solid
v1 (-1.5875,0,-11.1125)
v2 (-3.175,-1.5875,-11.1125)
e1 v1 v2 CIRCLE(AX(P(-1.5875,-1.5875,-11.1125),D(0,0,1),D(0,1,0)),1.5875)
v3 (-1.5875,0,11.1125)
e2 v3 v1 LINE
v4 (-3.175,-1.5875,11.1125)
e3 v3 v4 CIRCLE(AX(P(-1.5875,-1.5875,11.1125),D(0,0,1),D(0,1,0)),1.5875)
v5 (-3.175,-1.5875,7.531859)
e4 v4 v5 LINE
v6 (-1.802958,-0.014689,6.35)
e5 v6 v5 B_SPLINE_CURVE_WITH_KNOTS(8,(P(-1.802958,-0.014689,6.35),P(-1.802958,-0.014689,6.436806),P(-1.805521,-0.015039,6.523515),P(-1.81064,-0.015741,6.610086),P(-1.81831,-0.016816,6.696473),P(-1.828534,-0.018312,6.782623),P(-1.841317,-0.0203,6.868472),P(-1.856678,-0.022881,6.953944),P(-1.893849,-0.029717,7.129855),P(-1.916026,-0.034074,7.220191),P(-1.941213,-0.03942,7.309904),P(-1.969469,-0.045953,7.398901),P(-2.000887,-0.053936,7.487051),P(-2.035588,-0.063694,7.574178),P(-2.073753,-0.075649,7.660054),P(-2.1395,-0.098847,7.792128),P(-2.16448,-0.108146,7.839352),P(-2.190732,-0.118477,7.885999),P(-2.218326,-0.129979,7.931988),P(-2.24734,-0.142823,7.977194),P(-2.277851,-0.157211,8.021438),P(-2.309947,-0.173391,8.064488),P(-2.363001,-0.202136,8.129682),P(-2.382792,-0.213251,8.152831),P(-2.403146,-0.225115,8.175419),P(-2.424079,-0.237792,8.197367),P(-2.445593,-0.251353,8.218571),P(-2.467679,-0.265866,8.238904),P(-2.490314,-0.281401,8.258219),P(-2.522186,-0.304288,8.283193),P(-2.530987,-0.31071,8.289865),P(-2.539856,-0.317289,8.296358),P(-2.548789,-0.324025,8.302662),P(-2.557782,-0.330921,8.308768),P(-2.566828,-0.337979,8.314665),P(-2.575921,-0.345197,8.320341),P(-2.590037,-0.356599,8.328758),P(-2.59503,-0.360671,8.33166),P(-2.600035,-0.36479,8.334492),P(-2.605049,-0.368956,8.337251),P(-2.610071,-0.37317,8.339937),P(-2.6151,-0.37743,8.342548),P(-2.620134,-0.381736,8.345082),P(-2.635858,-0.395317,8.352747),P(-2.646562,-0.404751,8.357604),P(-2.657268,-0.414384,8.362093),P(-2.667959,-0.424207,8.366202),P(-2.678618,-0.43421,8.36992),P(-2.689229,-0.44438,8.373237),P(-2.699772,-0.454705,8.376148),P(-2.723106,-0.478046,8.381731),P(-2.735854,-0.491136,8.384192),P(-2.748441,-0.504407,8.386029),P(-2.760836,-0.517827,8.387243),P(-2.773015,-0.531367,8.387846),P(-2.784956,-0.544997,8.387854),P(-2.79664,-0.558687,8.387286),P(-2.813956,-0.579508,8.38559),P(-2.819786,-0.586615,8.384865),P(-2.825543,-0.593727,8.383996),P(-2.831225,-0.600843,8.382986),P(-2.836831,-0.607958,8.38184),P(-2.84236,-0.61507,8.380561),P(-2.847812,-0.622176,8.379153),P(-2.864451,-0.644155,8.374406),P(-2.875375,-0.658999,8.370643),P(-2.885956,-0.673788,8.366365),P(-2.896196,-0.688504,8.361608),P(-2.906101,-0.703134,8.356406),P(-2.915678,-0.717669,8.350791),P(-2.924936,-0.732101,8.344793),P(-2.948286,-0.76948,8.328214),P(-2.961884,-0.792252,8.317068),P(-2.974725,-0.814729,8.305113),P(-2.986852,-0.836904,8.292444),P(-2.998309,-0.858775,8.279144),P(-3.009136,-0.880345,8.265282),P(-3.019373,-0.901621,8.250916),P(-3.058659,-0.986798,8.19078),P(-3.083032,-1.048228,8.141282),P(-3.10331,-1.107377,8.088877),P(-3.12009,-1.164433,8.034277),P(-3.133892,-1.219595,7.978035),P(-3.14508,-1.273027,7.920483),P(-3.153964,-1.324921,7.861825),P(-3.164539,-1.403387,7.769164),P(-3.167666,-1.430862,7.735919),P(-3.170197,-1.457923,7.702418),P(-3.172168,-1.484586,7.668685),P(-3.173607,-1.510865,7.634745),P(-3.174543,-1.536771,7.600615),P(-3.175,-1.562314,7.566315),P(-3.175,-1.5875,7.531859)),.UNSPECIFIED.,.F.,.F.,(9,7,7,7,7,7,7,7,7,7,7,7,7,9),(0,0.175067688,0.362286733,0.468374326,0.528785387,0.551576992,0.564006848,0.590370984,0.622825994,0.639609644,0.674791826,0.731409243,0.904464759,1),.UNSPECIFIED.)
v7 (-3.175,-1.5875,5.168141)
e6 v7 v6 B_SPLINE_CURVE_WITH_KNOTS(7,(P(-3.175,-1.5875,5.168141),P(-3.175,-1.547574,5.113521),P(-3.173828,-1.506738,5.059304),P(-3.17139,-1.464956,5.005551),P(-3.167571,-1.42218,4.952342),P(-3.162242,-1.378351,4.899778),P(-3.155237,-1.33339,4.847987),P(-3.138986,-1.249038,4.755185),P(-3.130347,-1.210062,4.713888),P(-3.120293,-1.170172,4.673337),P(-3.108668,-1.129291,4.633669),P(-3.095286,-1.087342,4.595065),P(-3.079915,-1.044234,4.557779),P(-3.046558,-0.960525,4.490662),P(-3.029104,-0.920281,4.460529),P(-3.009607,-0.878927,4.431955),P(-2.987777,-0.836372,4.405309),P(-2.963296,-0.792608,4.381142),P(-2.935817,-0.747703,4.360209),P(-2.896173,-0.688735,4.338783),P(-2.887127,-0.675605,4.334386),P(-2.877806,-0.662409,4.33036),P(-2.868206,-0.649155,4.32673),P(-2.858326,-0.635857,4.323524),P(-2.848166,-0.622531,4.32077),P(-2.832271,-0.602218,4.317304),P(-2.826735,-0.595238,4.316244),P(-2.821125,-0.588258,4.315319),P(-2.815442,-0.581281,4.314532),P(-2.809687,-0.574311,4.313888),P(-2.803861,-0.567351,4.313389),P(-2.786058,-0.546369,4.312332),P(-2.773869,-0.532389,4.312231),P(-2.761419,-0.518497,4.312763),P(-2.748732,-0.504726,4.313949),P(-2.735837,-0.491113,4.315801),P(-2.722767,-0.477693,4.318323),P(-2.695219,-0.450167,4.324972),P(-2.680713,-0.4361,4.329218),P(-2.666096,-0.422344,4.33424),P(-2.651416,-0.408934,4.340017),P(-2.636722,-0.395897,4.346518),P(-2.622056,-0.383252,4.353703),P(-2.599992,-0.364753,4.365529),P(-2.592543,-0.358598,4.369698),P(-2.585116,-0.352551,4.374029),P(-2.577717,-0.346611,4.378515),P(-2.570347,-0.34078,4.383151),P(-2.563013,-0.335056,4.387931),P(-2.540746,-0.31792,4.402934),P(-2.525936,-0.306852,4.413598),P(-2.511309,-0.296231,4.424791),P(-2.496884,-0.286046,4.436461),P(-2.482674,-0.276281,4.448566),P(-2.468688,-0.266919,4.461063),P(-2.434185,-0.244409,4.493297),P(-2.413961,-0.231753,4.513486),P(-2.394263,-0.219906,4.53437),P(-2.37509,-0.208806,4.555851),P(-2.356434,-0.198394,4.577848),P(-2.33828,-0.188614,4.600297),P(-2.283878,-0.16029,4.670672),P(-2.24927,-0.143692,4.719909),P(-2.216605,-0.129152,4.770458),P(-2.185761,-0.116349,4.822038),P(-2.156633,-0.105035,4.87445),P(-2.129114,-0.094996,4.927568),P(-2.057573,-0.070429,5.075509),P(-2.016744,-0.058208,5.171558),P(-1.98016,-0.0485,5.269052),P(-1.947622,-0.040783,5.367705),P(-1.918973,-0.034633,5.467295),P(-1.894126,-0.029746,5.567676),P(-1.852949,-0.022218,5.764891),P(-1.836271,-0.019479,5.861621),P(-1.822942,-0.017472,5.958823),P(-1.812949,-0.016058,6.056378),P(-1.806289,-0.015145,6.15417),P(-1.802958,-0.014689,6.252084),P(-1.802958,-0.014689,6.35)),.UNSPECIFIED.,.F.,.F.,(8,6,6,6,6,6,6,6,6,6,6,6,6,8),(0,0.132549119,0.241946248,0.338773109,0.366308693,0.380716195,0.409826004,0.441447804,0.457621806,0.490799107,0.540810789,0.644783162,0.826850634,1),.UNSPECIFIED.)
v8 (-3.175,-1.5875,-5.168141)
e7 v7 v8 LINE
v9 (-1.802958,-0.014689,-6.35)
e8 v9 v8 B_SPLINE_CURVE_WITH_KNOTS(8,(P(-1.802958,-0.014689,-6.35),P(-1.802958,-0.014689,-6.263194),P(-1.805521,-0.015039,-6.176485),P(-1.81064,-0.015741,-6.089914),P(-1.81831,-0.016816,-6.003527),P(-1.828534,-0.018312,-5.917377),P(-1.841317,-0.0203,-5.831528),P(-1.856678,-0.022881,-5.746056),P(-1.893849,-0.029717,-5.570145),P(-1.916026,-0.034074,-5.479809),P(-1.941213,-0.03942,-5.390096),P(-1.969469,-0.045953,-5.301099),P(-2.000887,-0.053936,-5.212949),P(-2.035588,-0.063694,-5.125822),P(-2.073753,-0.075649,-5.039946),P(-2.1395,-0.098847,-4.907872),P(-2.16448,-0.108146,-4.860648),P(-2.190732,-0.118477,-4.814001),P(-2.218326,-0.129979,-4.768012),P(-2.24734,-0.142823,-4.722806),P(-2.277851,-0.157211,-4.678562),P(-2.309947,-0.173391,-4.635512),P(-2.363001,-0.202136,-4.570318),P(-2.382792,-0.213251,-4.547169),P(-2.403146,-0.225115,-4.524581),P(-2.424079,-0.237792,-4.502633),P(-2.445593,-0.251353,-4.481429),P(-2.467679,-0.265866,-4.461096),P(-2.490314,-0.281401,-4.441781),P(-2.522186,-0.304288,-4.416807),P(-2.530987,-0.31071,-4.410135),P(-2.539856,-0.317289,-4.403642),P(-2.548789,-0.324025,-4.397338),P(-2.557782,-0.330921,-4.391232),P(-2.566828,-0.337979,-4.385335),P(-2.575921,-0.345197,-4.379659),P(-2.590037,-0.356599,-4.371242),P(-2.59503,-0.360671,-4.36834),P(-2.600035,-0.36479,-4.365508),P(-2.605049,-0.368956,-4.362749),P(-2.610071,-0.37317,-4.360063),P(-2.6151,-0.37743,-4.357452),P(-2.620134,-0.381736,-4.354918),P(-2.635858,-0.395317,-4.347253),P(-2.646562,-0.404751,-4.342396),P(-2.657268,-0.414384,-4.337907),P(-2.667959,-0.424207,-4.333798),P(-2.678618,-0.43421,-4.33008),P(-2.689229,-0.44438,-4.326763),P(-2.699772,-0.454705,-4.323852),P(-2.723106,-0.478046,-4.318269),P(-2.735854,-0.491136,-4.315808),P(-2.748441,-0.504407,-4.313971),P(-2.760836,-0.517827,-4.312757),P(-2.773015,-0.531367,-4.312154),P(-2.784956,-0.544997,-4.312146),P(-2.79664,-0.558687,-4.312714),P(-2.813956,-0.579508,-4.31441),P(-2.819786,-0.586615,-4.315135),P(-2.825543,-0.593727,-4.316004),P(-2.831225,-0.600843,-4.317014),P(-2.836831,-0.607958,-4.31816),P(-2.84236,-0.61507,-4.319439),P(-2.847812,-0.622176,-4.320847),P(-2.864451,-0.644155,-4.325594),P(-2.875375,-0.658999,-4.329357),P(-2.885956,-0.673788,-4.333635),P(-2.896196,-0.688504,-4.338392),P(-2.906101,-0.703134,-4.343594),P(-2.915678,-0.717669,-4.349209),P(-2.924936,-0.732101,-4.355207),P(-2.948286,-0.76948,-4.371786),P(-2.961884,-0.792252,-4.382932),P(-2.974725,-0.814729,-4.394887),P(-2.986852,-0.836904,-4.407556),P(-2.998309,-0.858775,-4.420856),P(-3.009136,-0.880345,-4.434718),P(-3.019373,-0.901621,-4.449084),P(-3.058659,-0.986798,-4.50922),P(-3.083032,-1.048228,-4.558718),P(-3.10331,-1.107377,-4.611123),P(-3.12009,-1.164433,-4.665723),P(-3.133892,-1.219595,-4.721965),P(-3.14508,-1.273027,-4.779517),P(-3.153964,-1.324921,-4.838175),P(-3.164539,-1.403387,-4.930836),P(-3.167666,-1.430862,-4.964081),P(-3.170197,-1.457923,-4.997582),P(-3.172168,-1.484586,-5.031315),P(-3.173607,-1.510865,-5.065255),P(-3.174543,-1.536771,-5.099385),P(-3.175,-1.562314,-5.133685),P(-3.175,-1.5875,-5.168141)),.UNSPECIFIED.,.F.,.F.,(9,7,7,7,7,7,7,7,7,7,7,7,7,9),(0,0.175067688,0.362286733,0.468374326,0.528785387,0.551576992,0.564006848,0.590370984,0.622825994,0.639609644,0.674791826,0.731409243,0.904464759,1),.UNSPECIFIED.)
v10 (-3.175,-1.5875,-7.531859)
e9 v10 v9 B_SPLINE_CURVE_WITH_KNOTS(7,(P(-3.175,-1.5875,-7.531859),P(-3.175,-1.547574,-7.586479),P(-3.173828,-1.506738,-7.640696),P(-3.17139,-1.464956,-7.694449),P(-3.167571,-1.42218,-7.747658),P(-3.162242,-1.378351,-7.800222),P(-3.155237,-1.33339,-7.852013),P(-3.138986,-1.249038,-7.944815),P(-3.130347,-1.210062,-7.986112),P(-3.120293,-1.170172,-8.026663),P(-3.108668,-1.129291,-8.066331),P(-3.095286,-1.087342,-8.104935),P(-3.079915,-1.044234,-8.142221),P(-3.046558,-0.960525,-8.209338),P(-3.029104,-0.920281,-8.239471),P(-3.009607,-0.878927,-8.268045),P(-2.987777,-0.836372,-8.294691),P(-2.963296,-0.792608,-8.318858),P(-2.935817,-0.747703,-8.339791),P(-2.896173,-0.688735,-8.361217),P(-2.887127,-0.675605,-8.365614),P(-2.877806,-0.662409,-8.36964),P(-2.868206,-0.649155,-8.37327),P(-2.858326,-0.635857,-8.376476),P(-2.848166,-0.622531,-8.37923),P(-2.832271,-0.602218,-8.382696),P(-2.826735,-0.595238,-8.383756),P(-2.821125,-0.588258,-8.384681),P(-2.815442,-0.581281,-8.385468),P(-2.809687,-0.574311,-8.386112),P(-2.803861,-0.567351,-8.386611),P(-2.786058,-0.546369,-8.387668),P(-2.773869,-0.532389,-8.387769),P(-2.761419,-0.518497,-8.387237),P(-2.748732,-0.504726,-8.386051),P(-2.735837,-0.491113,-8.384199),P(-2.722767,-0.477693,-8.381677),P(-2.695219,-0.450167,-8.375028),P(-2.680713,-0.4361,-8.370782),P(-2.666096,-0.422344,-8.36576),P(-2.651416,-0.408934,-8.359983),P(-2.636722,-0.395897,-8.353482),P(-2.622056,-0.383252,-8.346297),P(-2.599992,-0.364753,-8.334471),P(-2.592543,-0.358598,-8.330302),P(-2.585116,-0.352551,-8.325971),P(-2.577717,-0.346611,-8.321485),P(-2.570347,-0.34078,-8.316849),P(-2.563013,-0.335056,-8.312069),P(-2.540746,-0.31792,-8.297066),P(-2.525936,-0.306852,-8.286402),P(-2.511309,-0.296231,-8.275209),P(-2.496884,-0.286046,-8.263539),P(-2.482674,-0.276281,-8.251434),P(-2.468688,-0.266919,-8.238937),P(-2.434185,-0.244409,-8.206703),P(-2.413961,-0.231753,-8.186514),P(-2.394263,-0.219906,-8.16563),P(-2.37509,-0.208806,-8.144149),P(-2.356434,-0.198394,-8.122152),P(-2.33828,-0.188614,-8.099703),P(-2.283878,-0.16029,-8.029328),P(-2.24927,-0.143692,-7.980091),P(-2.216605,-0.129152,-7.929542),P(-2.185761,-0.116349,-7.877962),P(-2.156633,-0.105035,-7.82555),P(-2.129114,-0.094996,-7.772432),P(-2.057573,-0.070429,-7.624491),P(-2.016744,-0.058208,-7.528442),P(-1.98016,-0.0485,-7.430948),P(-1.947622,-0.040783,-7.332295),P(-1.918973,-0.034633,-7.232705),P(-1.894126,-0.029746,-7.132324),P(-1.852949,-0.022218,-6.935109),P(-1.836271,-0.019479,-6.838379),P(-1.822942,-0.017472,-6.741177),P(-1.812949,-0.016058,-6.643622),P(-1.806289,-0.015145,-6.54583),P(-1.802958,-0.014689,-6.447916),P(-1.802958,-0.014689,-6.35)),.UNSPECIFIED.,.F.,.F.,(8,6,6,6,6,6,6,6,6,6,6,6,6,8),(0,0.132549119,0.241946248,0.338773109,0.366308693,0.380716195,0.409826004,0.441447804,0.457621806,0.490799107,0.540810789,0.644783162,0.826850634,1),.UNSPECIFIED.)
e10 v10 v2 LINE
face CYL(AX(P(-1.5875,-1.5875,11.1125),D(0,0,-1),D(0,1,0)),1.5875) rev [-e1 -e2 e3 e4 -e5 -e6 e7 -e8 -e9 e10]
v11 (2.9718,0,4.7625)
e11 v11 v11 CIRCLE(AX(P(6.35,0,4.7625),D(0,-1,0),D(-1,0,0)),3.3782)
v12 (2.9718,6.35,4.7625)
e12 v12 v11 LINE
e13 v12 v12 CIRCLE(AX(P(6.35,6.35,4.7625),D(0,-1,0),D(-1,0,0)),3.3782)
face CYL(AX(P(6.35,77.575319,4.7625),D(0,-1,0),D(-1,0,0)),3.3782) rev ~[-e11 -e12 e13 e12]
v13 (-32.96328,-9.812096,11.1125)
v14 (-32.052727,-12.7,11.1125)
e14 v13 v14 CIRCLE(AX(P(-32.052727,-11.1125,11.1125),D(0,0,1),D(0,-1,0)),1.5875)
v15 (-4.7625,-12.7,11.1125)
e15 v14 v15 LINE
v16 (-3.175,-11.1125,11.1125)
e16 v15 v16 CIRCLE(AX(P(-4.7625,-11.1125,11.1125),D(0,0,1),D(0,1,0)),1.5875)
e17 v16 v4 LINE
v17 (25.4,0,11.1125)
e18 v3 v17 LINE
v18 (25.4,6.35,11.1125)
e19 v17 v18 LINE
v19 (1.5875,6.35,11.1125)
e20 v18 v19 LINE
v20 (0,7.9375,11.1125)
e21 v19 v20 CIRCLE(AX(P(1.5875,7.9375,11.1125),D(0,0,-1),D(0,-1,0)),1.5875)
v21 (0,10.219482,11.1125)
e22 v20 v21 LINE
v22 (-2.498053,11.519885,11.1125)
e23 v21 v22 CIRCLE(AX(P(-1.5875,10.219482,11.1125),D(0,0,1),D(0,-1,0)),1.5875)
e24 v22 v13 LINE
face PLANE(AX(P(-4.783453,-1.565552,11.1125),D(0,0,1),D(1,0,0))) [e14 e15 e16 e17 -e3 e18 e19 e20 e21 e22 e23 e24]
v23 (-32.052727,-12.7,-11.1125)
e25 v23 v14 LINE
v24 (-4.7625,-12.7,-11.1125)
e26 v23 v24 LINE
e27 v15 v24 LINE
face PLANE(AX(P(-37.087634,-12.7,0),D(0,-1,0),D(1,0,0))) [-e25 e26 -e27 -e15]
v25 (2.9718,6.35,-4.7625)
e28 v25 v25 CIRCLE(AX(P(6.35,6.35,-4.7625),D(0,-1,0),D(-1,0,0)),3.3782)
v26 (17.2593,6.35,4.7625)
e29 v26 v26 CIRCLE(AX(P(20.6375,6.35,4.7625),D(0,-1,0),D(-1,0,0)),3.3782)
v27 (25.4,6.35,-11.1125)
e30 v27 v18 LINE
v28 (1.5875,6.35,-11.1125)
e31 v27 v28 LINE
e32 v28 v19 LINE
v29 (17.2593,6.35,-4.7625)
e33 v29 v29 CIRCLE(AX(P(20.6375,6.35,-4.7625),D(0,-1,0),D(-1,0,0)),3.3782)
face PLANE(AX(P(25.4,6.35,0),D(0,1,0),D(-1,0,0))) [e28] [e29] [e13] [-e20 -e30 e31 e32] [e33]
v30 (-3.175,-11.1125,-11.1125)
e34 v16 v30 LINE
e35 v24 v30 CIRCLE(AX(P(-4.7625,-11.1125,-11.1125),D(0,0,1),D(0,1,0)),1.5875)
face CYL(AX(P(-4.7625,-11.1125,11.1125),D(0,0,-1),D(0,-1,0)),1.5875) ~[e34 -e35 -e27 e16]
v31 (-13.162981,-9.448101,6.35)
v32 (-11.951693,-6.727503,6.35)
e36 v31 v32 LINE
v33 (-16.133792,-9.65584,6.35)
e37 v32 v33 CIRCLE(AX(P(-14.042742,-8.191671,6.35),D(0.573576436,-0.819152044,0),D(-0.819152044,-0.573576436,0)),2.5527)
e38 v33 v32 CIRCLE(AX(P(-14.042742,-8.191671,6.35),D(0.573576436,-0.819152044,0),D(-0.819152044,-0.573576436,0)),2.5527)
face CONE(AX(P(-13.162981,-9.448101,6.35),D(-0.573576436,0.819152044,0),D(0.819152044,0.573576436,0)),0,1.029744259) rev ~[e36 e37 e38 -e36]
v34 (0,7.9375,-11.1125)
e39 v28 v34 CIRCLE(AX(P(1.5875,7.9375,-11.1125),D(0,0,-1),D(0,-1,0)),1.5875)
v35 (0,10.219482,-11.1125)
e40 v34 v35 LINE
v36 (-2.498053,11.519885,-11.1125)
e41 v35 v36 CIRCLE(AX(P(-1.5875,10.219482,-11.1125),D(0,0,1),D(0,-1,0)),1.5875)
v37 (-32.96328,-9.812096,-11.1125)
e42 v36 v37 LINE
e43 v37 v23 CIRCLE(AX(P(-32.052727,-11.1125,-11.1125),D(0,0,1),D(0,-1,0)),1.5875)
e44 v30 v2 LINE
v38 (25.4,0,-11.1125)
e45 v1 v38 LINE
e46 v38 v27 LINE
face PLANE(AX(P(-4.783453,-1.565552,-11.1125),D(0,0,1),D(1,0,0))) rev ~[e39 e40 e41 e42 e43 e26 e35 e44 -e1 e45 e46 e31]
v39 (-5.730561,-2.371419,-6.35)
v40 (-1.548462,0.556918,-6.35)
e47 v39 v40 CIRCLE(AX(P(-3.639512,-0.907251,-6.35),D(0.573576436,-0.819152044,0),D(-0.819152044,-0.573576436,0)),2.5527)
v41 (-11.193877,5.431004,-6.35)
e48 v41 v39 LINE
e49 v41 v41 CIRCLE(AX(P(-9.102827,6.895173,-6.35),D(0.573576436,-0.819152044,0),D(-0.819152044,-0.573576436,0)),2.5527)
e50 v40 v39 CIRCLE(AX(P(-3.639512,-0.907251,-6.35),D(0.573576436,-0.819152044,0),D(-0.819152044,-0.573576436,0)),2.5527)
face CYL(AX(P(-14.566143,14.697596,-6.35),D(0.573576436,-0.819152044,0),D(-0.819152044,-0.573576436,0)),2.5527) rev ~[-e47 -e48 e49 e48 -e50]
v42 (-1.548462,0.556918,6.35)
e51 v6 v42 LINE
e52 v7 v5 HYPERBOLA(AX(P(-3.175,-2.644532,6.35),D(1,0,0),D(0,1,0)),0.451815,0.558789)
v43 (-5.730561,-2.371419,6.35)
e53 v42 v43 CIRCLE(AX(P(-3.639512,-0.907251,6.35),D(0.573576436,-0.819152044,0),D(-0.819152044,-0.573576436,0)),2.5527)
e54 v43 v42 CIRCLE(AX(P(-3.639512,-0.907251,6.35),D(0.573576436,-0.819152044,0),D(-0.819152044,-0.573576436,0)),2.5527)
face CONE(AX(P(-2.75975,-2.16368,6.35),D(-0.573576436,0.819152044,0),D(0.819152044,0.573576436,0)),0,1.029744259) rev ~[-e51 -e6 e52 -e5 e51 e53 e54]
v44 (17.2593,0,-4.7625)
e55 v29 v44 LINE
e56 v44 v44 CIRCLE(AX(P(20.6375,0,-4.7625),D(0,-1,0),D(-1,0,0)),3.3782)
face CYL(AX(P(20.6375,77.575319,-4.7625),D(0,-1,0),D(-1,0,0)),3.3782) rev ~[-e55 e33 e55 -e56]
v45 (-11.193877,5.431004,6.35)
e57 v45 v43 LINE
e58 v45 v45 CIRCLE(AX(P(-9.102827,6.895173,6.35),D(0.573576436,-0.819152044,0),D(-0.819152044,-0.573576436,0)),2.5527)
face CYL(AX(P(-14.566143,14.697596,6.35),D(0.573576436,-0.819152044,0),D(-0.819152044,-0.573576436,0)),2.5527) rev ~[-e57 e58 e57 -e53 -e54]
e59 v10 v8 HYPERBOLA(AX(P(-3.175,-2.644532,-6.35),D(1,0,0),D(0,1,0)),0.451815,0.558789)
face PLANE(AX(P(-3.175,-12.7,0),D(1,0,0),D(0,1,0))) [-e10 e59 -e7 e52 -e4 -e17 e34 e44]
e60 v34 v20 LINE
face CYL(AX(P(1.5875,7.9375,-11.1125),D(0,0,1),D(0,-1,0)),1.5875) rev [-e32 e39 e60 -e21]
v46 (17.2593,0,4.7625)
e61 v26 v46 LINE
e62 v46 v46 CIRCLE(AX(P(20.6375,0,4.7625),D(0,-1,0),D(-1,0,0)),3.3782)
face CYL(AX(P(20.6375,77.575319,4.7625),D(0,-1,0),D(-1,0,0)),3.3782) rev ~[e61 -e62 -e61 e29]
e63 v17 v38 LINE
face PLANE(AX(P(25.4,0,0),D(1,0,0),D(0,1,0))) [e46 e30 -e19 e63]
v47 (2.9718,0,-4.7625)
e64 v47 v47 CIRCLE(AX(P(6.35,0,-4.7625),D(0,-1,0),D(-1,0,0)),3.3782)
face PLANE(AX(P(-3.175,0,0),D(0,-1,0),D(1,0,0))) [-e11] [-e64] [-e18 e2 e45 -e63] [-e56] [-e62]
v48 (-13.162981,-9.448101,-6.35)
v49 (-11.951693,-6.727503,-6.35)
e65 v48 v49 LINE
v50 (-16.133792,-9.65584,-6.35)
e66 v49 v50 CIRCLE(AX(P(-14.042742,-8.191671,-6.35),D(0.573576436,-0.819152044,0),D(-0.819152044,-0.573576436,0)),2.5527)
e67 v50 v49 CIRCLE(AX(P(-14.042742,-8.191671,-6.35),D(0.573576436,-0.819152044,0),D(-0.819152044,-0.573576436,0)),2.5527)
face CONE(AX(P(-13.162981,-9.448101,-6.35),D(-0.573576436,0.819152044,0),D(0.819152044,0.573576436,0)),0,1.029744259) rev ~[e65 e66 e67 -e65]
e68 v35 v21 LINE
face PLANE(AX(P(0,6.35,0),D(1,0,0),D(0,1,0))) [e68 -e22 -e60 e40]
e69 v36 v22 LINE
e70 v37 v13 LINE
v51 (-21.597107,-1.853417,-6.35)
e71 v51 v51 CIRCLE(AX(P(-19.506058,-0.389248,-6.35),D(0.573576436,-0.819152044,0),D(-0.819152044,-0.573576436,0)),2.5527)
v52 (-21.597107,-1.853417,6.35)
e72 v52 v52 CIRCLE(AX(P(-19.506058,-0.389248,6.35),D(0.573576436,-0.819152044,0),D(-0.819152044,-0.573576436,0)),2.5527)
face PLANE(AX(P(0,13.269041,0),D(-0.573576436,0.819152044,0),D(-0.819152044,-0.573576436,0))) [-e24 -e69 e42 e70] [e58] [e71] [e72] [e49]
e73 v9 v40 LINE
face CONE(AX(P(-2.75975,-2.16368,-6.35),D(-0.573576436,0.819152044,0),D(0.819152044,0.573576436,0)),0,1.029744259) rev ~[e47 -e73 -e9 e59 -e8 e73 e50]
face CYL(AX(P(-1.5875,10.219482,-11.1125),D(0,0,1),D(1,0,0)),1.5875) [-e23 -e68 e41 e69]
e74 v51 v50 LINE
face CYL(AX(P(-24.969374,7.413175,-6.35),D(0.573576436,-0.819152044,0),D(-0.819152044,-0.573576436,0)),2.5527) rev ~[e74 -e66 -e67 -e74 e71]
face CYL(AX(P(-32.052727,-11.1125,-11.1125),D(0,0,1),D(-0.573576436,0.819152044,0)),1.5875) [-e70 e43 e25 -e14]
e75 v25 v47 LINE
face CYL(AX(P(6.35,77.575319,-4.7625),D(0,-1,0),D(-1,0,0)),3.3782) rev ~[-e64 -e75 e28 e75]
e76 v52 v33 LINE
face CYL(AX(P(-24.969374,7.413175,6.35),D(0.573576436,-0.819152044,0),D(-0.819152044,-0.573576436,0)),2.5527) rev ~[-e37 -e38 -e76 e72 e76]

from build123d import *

# Parameters (mm, degrees)
BOSS_EXTRUDE1_DEPTH             = 11.1125
F_1_4_CLEARANCE_HOLE1_D         = 6.7564
FILLET1_R                       = 1.5875
TAP_DRILL_FOR_1_4_20_TAP1_D     = 5.1054
TAP_DRILL_FOR_1_4_20_TAP1_DEPTH = 9.525
TAP_DRILL_FOR_1_4_20_TAP1_TIP   = 1.533816902


with BuildPart() as part:
    # Sketch1 → Boss-Extrude1 (new, symmetric)
    with BuildSketch(Plane.XY):
        Polygon((0, 0), (25.4, 0), (25.4, 6.35), (0, 6.35), (0, 13.269040681), (-37.087633685, -12.7), (-3.175, -12.7), (-3.175, 0), align=None)
    extrude(amount=BOSS_EXTRUDE1_DEPTH, both=True)

    # 1/4 Clearance Hole1 (through all)
    with Locations(Plane(origin=(0, 6.35, 0), x_dir=(1, 0, 0), z_dir=(0, 1, 0))):
        with Locations((6.35, 4.7625), (20.6375, 4.7625), (6.35, -4.7625), (20.6375, -4.7625)):
            Hole(F_1_4_CLEARANCE_HOLE1_D / 2)

    # Fillet1
    fillet1_edges = [part.edges().sort_by_distance(p)[0] for p in [
        (-3.175, 0, 0),
        (-3.175, -12.7, 0),
        (-37.087633685, -12.7, 0),
        (0, 13.269040681, 0),
        (0, 6.35, 0),
    ]]
    fillet(fillet1_edges, radius=FILLET1_R)

    # Tap Drill for 1/4-20 Tap1
    with Locations(Plane(origin=(-6.234409806, 8.903659938, 0), x_dir=(0.8191520442889947, 0.5735764363510422, 0), z_dir=(-0.573576436351042, 0.8191520442889946, 0))):
        with Locations((-16.201690933, 6.35), (-3.501690933, 6.35), (-3.501690933, -6.35), (-16.201690933, -6.35)):
            Hole(TAP_DRILL_FOR_1_4_20_TAP1_D / 2, depth=TAP_DRILL_FOR_1_4_20_TAP1_DEPTH)
            with Locations((0, 0, -(TAP_DRILL_FOR_1_4_20_TAP1_DEPTH + TAP_DRILL_FOR_1_4_20_TAP1_TIP / 2))):  # 118° drill point
                Cone(0, TAP_DRILL_FOR_1_4_20_TAP1_D / 2, TAP_DRILL_FOR_1_4_20_TAP1_TIP, mode=Mode.SUBTRACT)


solid = part.part
